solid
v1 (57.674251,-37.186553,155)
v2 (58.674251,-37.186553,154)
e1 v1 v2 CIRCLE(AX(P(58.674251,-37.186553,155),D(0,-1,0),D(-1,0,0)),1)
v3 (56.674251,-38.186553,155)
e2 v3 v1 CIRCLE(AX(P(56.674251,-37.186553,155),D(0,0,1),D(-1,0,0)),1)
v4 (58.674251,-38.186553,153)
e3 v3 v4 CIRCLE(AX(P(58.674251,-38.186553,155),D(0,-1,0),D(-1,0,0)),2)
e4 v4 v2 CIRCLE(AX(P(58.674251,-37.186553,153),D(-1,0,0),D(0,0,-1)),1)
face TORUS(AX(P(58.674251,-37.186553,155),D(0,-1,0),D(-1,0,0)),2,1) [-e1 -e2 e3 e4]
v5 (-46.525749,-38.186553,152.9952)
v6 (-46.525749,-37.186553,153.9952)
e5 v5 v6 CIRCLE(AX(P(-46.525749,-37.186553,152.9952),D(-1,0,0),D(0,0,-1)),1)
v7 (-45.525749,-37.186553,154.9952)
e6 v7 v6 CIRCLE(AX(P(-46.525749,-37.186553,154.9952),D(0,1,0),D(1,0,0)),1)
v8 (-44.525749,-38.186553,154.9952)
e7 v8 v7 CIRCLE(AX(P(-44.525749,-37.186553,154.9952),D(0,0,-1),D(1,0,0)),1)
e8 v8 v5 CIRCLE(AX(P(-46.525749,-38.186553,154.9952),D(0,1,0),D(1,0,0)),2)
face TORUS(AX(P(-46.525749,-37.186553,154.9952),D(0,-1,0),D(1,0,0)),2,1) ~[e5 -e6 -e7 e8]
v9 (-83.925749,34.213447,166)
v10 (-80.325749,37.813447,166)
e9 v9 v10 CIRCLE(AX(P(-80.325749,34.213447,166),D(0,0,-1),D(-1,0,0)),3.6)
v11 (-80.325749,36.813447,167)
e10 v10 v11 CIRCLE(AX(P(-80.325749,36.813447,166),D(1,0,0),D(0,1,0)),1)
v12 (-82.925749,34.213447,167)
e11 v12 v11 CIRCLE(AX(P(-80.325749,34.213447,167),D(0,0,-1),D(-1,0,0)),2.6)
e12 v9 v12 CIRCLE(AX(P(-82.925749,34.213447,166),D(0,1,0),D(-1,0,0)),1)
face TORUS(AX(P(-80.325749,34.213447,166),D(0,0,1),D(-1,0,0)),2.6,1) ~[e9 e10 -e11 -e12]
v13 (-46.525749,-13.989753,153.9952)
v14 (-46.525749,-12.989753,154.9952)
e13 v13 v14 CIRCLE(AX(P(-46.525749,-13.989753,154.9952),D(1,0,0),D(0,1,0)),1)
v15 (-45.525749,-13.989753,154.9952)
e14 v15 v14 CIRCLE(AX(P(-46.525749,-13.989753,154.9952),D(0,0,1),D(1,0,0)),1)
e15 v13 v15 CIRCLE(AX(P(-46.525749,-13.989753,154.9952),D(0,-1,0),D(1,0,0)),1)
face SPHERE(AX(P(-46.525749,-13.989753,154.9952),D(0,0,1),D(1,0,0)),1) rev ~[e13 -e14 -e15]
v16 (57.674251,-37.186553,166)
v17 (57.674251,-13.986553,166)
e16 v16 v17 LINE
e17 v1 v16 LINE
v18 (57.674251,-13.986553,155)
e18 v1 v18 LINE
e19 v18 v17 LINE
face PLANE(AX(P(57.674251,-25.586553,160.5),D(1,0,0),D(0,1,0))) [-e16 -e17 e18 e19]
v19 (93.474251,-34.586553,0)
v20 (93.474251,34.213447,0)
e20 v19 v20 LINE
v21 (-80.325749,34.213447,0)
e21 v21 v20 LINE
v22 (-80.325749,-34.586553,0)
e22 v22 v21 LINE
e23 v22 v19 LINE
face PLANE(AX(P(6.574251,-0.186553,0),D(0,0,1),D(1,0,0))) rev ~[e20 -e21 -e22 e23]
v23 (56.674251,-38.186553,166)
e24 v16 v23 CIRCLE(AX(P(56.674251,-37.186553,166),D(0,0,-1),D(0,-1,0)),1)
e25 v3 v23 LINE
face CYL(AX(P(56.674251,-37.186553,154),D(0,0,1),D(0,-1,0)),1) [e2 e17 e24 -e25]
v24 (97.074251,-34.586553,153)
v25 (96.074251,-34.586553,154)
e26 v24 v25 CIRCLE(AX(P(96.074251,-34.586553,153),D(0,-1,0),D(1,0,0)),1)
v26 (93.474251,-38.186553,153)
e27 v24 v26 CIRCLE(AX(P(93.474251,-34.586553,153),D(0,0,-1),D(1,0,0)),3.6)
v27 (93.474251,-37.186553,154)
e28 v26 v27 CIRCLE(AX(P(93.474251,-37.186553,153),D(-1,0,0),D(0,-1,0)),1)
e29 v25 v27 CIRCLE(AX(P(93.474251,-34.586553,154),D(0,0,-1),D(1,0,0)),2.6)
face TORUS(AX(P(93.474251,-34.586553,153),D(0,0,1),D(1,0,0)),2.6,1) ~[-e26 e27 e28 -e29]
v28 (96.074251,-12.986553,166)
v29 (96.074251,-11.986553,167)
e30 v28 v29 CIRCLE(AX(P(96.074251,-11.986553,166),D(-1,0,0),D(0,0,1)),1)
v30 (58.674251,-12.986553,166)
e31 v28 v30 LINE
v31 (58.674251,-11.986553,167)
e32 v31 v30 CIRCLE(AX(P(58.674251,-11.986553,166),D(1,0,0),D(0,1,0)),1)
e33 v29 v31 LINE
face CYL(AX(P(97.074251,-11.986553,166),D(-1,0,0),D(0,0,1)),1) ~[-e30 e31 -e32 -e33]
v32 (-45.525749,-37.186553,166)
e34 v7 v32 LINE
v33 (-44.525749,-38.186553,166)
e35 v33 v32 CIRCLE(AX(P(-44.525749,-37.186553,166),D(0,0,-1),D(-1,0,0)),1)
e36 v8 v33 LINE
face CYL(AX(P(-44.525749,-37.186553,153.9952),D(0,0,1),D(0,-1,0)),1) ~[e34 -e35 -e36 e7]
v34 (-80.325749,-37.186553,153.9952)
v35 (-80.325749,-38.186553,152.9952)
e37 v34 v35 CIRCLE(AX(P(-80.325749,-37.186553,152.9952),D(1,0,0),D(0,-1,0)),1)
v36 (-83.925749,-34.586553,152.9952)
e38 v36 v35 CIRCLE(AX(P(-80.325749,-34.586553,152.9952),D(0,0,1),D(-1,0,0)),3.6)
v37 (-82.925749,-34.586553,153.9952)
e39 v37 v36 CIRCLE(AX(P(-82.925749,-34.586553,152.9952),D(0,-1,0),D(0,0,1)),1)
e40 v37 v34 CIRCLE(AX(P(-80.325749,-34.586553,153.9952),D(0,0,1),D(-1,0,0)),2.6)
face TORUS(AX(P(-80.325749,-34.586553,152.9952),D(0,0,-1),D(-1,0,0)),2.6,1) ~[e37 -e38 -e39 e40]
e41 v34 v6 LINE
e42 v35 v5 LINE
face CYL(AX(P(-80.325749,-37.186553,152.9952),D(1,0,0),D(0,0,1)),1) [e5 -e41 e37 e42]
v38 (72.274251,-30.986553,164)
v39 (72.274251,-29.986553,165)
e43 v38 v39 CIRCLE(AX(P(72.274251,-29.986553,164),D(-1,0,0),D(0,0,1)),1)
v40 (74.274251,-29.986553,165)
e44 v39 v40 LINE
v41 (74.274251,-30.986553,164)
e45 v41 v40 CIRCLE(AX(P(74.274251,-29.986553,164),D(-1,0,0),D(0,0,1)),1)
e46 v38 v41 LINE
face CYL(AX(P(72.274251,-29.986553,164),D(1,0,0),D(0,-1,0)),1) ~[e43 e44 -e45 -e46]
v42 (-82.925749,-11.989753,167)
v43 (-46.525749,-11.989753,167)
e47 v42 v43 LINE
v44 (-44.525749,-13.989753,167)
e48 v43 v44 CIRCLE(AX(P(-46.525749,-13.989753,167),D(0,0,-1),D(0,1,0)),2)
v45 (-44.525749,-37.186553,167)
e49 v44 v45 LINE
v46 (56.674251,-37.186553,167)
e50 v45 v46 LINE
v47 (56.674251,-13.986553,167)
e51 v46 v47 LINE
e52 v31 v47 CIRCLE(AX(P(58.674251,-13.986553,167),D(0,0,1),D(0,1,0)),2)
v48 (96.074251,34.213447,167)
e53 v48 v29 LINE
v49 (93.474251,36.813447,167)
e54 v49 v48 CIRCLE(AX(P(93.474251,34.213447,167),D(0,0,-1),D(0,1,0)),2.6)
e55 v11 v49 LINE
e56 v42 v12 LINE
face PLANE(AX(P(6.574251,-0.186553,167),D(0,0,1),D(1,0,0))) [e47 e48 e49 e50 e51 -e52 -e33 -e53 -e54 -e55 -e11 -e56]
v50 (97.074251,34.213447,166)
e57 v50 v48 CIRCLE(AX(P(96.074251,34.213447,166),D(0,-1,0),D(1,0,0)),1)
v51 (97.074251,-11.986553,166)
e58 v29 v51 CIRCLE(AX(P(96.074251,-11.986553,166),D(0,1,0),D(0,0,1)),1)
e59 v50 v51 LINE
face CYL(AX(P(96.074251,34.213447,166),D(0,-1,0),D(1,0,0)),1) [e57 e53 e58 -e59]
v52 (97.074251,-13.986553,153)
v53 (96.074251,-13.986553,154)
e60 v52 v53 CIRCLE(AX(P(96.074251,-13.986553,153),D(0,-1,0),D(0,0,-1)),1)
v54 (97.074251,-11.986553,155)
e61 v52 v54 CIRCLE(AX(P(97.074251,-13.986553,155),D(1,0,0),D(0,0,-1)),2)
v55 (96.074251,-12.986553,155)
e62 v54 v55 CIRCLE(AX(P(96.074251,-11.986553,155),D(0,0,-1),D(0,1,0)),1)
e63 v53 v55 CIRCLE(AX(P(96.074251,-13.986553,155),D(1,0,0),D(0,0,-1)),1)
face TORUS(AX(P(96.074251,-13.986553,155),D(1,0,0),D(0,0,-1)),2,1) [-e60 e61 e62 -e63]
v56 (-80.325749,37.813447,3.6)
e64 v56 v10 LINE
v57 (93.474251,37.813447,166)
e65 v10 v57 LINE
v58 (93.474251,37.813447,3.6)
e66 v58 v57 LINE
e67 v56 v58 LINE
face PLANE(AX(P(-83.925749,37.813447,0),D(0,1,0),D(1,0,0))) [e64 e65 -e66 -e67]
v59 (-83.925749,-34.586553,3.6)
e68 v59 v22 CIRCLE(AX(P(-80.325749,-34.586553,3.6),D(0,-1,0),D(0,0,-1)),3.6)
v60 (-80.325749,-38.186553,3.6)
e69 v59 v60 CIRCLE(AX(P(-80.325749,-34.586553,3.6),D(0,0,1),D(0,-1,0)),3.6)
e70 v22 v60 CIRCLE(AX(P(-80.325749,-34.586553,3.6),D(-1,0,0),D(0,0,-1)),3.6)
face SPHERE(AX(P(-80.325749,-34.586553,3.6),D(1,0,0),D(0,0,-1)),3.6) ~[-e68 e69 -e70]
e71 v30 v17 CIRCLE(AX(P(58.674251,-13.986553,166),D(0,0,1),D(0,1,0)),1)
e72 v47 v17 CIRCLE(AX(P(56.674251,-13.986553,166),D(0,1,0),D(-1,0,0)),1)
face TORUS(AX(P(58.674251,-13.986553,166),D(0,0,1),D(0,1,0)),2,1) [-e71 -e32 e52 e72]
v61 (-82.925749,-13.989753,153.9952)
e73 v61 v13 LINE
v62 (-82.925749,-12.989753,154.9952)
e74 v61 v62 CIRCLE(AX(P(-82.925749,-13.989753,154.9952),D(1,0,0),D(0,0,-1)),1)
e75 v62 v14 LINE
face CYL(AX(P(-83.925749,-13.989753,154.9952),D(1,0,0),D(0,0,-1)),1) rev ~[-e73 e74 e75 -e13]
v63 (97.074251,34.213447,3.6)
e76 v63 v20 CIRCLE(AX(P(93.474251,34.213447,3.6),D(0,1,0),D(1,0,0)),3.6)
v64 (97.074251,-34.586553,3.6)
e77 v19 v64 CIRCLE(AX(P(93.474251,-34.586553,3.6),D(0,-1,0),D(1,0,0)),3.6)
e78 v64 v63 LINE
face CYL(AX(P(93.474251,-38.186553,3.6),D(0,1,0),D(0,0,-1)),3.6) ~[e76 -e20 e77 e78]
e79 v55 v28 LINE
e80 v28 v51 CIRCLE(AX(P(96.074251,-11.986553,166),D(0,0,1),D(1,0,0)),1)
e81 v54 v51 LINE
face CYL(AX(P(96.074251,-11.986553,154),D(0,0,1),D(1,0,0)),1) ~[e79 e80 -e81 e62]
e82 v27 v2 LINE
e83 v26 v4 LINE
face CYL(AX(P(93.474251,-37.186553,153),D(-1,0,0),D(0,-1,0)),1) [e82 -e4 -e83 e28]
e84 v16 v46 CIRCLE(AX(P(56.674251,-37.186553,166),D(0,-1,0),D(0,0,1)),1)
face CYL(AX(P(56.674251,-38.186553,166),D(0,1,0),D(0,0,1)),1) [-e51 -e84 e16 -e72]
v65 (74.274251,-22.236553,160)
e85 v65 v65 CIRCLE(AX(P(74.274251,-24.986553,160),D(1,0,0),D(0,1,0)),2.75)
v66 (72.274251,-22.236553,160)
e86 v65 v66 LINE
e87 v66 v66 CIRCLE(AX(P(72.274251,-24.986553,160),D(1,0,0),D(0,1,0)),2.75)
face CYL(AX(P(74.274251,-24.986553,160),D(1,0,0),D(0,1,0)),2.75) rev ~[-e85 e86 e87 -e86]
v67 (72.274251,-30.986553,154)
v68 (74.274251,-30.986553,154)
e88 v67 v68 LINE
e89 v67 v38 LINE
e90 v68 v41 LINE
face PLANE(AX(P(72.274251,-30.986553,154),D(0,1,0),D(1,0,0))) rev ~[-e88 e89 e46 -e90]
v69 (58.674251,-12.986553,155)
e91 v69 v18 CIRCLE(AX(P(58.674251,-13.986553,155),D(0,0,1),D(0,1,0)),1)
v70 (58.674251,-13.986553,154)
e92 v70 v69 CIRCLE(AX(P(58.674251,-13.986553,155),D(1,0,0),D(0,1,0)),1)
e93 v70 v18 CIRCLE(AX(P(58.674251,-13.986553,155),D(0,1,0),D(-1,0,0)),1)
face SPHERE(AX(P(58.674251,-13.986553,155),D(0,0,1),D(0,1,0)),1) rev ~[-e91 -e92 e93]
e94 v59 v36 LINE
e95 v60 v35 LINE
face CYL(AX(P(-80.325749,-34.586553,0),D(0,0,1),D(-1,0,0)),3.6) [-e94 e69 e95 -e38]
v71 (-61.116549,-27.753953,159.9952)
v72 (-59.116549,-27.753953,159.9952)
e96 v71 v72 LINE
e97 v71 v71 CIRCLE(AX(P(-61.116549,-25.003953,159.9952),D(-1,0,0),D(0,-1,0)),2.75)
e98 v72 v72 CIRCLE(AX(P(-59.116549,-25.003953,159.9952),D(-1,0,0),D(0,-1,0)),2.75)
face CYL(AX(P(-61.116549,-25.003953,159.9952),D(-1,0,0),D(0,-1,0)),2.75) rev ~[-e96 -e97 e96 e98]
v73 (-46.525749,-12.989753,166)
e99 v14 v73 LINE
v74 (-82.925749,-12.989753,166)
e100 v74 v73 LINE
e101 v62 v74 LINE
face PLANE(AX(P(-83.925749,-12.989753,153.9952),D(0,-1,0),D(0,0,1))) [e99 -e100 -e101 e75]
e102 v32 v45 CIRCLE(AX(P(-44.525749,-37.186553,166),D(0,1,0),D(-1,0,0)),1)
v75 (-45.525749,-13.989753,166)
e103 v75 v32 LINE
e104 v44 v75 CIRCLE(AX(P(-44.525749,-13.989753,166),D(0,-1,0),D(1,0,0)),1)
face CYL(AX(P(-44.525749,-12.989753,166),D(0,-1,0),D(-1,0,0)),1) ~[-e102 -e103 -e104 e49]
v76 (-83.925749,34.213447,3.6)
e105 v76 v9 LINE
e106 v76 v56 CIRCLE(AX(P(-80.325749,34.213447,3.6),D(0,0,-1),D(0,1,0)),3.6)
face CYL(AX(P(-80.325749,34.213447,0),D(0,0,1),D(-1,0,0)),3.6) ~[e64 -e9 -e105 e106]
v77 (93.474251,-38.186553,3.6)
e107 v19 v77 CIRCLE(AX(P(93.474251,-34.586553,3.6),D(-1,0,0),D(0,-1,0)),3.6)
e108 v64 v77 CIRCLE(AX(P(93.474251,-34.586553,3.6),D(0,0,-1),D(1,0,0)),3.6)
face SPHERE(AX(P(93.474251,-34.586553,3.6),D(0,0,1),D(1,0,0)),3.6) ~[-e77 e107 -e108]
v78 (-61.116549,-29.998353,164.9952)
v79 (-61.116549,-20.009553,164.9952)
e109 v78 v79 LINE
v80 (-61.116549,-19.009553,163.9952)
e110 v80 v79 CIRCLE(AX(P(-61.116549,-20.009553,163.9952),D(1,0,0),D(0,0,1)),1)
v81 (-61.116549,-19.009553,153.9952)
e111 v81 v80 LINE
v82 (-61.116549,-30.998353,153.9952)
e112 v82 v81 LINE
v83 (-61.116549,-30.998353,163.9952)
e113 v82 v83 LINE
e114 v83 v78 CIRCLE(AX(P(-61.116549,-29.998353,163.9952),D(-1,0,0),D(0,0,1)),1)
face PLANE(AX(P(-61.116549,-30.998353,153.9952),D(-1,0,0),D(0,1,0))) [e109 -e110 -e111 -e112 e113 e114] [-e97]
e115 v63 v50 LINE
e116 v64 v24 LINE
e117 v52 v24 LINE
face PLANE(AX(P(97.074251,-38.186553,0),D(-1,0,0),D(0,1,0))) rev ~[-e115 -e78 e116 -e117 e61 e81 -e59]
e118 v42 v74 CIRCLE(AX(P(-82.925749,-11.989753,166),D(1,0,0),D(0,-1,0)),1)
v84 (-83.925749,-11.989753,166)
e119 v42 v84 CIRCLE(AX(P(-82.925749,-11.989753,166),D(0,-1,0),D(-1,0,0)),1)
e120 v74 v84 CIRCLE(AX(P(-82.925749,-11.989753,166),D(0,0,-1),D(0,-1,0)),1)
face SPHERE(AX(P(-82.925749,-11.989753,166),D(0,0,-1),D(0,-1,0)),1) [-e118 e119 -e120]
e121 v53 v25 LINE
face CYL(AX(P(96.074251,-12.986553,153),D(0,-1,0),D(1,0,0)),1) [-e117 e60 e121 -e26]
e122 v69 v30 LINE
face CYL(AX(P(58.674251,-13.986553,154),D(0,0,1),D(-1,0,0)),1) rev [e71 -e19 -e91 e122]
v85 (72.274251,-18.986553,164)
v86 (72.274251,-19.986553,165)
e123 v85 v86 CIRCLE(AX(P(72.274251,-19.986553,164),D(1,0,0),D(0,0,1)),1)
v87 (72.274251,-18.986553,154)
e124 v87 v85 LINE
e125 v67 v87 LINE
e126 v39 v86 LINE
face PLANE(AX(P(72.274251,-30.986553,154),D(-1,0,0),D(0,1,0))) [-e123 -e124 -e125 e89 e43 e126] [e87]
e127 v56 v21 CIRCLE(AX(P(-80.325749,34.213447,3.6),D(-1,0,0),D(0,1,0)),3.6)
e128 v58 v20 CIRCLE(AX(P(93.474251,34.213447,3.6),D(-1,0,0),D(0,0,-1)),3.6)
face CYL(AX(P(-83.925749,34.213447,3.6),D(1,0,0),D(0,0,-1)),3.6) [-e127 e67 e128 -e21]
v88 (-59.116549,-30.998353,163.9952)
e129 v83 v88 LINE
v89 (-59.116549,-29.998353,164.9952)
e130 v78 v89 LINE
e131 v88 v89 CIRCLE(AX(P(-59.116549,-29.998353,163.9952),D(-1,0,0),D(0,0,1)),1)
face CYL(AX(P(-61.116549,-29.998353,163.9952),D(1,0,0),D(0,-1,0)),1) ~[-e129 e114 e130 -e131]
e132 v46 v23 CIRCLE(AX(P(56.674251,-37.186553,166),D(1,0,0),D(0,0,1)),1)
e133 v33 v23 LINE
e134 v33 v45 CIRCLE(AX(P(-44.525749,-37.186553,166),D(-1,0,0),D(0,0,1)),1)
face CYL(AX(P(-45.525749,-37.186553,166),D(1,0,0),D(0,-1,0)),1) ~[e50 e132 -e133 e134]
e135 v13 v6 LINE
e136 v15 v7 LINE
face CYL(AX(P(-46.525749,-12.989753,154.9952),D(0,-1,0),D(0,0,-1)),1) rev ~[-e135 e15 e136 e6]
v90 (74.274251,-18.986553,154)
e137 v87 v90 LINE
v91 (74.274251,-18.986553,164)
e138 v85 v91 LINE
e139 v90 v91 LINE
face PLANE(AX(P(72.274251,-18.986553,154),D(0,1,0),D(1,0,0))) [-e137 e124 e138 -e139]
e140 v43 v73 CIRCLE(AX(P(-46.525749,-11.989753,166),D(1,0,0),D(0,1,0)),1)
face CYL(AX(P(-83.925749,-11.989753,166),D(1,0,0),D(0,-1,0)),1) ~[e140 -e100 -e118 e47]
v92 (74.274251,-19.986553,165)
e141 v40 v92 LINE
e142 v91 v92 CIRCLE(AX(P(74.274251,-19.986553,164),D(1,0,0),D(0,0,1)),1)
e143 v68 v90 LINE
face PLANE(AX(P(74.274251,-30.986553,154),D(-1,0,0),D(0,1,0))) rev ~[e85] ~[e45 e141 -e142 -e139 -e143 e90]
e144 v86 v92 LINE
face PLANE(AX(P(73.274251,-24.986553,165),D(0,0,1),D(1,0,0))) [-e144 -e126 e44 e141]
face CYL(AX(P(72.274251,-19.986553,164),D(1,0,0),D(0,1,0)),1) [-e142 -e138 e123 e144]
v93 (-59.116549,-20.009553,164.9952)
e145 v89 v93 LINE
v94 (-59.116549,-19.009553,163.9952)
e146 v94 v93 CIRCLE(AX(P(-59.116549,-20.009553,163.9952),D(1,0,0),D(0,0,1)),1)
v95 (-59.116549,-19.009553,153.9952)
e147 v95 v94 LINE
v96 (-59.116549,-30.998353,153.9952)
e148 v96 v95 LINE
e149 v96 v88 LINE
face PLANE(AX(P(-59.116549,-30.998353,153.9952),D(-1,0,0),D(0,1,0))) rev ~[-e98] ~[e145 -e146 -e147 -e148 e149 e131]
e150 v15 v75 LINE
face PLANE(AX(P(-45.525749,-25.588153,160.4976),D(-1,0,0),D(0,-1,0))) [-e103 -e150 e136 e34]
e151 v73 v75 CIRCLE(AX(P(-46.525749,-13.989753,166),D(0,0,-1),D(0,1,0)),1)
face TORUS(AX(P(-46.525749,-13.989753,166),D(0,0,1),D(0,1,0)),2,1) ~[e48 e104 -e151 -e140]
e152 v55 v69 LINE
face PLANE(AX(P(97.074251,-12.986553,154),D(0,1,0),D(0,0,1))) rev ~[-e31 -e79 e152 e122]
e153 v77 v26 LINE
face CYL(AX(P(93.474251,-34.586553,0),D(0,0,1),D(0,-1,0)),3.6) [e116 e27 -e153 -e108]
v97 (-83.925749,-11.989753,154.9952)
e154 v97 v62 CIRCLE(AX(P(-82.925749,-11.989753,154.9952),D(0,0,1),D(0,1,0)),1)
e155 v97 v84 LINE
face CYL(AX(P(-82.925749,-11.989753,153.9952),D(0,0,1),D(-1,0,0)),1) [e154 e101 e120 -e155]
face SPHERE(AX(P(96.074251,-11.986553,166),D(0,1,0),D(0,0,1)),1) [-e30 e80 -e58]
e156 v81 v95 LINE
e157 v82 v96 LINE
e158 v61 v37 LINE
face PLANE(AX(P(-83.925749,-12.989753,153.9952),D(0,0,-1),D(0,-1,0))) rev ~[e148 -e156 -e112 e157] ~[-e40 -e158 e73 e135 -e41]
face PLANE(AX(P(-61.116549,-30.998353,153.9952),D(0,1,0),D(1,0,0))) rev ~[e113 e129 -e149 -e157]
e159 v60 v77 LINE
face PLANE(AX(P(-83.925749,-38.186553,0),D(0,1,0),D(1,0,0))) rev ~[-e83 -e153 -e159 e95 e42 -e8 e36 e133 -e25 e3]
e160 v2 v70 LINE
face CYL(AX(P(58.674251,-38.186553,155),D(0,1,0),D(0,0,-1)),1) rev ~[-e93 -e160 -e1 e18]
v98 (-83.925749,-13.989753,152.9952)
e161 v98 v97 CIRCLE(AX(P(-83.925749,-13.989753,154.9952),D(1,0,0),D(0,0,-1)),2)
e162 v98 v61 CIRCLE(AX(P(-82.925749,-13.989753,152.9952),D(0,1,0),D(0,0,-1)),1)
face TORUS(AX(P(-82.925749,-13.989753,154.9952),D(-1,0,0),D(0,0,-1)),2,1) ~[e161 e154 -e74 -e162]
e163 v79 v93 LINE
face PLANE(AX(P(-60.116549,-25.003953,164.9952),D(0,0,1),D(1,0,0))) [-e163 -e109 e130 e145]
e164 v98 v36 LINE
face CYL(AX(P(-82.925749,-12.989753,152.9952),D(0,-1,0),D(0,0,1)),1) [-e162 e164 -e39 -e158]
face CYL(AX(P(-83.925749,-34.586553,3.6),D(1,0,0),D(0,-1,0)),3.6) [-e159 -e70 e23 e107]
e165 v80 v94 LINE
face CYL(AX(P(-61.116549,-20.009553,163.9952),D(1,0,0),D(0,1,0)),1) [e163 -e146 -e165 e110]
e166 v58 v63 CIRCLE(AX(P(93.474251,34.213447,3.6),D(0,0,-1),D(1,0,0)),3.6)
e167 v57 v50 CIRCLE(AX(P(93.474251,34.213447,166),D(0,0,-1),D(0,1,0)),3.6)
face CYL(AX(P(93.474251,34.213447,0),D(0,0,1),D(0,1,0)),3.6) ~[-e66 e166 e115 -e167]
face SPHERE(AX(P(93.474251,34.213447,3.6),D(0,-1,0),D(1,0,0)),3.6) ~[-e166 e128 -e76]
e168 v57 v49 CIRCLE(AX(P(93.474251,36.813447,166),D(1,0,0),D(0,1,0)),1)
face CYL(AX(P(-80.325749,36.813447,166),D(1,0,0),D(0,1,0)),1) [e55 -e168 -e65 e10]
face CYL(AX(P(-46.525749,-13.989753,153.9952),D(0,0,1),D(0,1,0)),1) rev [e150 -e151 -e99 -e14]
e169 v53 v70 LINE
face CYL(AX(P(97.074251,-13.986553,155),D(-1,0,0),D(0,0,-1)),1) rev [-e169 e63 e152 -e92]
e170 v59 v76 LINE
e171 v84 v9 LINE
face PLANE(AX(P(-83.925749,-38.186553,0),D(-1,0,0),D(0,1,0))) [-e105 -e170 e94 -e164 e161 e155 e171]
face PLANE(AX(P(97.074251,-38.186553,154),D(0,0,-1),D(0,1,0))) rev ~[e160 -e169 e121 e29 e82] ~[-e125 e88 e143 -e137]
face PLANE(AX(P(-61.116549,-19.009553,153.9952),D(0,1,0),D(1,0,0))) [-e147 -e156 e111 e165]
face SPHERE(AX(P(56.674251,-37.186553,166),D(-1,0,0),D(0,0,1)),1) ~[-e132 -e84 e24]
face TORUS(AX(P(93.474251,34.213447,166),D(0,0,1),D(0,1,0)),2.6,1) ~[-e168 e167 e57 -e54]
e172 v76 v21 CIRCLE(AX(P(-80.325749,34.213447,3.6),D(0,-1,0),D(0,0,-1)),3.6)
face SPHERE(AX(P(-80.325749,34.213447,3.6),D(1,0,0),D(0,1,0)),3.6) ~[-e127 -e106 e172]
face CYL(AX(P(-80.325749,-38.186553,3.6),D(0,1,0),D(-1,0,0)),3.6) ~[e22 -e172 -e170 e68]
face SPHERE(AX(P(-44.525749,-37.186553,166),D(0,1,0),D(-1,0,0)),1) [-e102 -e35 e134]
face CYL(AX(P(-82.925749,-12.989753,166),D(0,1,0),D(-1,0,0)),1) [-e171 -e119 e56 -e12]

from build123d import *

# Parameters (mm, degrees)
F0_W      = 181
F0_H      = 76
F1_DEPTH  = 167
F2_W      = 25.2
F2_H      = 13
F3_DEPTH  = 39.4
F4_W      = 25.1968
F4_H      = 13.0048
F5_DEPTH  = 38.4
F6_W      = 2
F6_H      = 12
F7_DEPTH  = 11
F8_R      = 1
F9_R      = 2.75
F10_DEPTH = 3
F11_W     = 2
F11_H     = 11.9888
F12_DEPTH = 11
F13_R     = 1
F14_R     = 2.75
F15_DEPTH = 3
F16_R     = 3.6
F17_R     = 1


with BuildPart() as f1:
    # F0 (on Top) → F1 (new body)
    with BuildSketch(Plane.XY):
        with Locations((6.5742507577, -0.1865534149)):
            Rectangle(F0_W, F0_H)
    extrude(amount=F1_DEPTH)

    # F2 (on face) → F3 (cut)
    with BuildSketch(Plane.YZ.offset(97.0742507577)):
        with Locations((-25.5865534149, 160.5)):
            Rectangle(F2_W, F2_H)
    extrude(amount=-F3_DEPTH, mode=Mode.SUBTRACT)

    # F4 (on face) → F5 (cut)
    with BuildSketch(Plane(origin=(-83.9257492423, 0, 0), x_dir=(0, -1, 0), z_dir=(-1, 0, 0))):
        with Locations((25.5881534149, 160.4976)):
            Rectangle(F4_W, F4_H)
    extrude(amount=-F5_DEPTH, mode=Mode.SUBTRACT)

    # F6 (on face) → F7 (join)
    with BuildSketch(Plane.XY.offset(154)):
        with Locations((73.2742507577, -24.9865534149)):
            Rectangle(F6_W, F6_H)
    extrude(amount=F7_DEPTH)

    # F8
    f8_edges = [f1.edges().sort_by_distance(p)[0] for p in [
        (73.274251, -30.986553, 165),
        (73.274251, -18.986553, 165),
    ]]
    fillet(f8_edges, radius=F8_R)

    # F9 (on face) → F10 (cut)
    with BuildSketch(Plane.YZ.offset(74.2742507577)):
        with Locations((-24.9865534149, 160)):
            Circle(F9_R)
    extrude(amount=-F10_DEPTH, mode=Mode.SUBTRACT)

    # F11 (on face) → F12 (join)
    with BuildSketch(Plane.XY.offset(153.9952)):
        with Locations((-60.1165492423, -25.0039534149)):
            Rectangle(F11_W, F11_H)
    extrude(amount=F12_DEPTH)

    # F13
    f13_edges = [f1.edges().sort_by_distance(p)[0] for p in [
        (-60.116549, -30.998353, 164.9952),
        (-60.116549, -19.009553, 164.9952),
    ]]
    fillet(f13_edges, radius=F13_R)

    # F14 (on face) → F15 (cut)
    with BuildSketch(Plane(origin=(-61.1165492423, 0, 0), x_dir=(0, -1, 0), z_dir=(-1, 0, 0))):
        with Locations((25.0039534149, 159.9952)):
            Circle(F14_R)
    extrude(amount=-F15_DEPTH, mode=Mode.SUBTRACT)

    # F16
    f16_edges = [f1.edges().sort_by_distance(p)[0] for p in [
        (97.074251, -38.186553, 77),
        (97.074251, -0.186553, 0),
        (97.074251, 37.813447, 83.5),
        (6.574251, 37.813447, 0),
        (6.574251, -38.186553, 0),
        (-83.925749, 37.813447, 83.5),
        (-83.925749, -0.186553, 0),
        (-83.925749, -38.186553, 76.9976),
    ]]
    fillet(f16_edges, radius=F16_R)

    # F17
    f17_edges = [f1.edges().sort_by_distance(p)[0] for p in [
        (-62.925749, -38.186553, 153.9952),
        (-83.925749, -23.788153, 153.9952),
        (-83.925749, -12.989753, 160.4976),
        (-64.725749, -12.989753, 167),
        (-45.525749, -25.588153, 167),
        (-45.525749, -12.989753, 160.4976),
        (-45.525749, -25.588153, 153.9952),
        (-64.725749, -12.989753, 153.9952),
        (-45.525749, -38.186553, 160.4976),
        (6.074251, -38.186553, 167),
        (-83.925749, 10.611847, 167),
        (77.374251, -12.986553, 167),
        (57.674251, -25.586553, 167),
        (57.674251, -12.986553, 160.5),
        (77.374251, -12.986553, 154),
        (57.674251, -25.586553, 154),
        (57.674251, -38.186553, 160.5),
        (75.574251, -38.186553, 154),
        (97.074251, -12.986553, 160.5),
        (97.074251, -23.786553, 154),
    ]]
    fillet(f17_edges, radius=F17_R)


solid = f1.part
